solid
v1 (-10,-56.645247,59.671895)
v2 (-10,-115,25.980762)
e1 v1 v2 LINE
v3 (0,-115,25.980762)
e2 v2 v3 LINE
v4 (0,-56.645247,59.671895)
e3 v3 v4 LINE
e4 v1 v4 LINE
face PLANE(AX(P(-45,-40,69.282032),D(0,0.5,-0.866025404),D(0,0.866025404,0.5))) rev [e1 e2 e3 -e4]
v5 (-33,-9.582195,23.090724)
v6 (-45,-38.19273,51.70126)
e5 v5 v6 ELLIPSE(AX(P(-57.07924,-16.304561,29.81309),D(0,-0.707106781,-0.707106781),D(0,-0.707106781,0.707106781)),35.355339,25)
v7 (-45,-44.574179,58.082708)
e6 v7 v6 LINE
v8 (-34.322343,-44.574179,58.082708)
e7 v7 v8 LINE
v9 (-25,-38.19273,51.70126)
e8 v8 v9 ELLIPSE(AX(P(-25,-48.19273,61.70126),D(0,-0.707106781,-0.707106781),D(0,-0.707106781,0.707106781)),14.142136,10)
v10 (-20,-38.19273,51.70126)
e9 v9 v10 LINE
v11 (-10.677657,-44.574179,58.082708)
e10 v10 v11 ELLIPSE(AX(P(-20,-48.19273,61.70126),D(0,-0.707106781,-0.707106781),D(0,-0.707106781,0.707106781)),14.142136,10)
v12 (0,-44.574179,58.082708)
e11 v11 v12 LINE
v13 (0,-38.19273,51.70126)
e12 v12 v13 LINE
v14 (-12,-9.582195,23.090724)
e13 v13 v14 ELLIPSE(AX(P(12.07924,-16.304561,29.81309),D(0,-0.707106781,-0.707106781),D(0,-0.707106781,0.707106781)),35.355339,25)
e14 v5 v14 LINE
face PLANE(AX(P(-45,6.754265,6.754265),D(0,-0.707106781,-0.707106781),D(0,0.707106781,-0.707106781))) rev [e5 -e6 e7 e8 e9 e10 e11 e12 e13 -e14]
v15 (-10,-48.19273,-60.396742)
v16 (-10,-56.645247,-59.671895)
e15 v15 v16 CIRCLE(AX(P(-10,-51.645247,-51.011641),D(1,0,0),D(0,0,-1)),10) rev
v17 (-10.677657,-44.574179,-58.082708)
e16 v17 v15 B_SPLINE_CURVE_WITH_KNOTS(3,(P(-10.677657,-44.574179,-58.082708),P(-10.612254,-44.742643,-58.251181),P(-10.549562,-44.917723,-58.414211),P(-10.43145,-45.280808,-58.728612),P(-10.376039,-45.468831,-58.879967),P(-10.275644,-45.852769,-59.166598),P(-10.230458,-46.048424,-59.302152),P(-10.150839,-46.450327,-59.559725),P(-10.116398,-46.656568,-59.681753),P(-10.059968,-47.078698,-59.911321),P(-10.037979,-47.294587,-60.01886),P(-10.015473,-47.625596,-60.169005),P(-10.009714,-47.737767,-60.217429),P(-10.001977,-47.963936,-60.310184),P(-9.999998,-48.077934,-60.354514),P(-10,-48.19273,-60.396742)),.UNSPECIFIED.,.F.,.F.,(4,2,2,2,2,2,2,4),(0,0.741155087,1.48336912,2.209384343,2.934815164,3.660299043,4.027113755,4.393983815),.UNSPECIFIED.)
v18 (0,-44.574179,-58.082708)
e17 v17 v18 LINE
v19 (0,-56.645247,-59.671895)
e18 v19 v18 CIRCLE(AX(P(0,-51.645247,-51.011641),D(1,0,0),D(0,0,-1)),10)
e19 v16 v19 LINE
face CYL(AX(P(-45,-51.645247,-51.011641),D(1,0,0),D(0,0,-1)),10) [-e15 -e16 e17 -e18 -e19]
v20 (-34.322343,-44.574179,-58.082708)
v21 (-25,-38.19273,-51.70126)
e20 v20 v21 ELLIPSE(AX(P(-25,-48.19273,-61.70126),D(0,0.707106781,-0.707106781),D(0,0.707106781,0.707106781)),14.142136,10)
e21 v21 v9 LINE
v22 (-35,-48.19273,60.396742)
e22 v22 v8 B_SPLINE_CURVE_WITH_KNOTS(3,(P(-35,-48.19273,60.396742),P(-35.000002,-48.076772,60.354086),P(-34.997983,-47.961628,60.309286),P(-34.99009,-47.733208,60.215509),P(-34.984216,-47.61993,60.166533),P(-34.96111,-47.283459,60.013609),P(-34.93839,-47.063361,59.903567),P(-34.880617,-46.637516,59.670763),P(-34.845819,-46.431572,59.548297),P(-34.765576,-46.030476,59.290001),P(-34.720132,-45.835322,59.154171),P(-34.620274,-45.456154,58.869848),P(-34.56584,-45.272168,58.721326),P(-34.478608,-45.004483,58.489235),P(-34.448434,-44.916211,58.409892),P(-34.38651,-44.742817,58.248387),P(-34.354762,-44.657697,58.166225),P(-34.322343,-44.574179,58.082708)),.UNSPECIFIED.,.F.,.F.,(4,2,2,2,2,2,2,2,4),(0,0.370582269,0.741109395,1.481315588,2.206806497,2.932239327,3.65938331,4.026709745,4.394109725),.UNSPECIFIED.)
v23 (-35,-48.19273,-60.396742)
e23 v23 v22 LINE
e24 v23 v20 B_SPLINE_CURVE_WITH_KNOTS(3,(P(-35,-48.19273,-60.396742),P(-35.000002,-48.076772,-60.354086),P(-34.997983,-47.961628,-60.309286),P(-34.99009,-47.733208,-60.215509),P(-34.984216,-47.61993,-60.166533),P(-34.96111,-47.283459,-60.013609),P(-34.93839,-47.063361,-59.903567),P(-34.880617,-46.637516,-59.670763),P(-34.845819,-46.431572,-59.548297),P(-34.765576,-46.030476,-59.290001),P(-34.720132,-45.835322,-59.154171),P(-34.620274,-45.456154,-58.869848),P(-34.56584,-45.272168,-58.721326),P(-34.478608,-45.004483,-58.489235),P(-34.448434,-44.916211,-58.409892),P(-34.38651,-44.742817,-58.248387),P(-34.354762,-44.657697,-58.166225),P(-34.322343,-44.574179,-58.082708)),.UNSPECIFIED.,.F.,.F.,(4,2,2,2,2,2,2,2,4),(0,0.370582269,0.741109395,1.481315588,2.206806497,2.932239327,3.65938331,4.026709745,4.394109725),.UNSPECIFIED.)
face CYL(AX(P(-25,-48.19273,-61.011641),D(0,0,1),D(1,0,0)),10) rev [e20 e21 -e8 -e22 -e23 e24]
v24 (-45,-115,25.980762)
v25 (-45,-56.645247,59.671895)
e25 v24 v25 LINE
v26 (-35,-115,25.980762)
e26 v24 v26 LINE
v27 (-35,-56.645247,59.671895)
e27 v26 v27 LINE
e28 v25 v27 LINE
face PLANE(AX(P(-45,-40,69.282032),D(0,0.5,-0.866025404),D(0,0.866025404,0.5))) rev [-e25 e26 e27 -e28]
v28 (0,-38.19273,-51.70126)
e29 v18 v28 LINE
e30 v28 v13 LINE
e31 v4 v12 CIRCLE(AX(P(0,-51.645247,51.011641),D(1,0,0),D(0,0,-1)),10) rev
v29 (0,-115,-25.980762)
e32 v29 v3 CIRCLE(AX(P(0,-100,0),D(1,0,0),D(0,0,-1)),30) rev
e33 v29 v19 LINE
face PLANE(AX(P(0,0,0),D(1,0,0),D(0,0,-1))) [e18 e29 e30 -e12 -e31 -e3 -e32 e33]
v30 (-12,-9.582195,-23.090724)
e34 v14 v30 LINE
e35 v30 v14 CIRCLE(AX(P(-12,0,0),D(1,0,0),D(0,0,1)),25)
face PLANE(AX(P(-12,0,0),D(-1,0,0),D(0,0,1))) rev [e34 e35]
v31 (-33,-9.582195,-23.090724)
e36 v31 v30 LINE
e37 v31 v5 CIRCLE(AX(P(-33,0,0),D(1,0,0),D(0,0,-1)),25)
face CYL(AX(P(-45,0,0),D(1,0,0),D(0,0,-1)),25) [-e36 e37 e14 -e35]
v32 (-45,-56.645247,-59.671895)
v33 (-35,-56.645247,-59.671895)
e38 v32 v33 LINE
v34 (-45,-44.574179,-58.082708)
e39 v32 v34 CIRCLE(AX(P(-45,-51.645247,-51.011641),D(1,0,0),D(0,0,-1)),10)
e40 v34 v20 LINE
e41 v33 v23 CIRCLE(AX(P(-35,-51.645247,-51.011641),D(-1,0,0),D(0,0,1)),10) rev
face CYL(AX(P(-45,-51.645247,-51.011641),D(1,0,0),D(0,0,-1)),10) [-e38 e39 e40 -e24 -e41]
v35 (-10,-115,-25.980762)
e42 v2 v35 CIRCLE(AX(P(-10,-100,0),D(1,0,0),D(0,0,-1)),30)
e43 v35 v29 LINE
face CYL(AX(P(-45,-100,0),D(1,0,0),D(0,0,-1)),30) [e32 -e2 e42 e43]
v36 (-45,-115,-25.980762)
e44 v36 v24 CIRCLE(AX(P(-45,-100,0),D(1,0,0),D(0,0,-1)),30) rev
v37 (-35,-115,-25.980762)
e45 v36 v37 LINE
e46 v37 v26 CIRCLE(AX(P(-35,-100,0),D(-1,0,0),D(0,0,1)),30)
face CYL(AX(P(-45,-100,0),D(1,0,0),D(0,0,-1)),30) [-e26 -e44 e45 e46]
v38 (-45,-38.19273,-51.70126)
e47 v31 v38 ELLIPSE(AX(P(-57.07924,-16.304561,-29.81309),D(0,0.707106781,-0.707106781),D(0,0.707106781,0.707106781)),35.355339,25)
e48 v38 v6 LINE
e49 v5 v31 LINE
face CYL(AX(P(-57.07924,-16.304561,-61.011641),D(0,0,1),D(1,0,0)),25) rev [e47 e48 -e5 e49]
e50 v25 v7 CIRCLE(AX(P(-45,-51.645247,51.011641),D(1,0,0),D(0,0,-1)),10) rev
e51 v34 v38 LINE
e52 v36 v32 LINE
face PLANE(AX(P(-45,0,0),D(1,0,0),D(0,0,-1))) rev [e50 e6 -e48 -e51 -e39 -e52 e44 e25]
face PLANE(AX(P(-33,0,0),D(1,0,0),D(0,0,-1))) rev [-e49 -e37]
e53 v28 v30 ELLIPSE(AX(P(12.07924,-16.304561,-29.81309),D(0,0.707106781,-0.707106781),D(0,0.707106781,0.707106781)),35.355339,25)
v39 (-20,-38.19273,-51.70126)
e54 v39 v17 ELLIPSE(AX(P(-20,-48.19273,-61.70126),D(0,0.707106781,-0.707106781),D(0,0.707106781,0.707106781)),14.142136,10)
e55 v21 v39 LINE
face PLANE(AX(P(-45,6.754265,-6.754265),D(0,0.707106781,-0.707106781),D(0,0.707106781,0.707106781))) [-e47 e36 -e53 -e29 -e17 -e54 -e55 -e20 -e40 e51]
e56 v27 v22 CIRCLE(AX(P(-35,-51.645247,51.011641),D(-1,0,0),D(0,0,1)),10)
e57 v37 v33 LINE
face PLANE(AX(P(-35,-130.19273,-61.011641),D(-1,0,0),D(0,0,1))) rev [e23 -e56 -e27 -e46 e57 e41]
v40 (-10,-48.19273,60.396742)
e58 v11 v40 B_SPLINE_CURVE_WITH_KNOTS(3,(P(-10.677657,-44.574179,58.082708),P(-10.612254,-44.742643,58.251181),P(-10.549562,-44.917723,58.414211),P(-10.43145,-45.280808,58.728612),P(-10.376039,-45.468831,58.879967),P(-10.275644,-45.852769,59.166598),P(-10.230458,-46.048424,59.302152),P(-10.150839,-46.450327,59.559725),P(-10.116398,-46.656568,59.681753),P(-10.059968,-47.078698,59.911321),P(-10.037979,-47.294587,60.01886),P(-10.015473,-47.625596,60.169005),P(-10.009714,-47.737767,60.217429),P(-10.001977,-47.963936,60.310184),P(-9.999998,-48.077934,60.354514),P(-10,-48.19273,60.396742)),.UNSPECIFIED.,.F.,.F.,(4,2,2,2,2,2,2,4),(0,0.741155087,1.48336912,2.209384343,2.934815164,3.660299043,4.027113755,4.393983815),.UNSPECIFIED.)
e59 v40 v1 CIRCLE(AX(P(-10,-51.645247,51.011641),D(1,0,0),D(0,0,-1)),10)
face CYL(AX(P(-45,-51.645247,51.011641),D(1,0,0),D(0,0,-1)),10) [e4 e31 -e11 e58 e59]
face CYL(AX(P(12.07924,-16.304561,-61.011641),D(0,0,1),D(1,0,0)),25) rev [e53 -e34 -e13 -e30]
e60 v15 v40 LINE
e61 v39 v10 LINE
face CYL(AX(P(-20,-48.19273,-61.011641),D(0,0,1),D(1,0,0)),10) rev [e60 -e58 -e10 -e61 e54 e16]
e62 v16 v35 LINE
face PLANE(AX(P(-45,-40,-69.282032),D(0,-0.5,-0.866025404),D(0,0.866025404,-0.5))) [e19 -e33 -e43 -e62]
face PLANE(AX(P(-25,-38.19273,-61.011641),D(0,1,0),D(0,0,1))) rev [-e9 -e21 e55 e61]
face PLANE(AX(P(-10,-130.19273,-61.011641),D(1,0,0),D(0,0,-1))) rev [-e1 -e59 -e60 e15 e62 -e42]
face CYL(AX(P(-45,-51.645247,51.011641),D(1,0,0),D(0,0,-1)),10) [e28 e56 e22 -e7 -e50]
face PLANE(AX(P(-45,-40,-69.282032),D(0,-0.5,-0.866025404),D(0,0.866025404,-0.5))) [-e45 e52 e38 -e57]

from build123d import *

# Parameters (mm, degrees)
BOSS_EXTRUDE2_DEPTH     = 45
CUT_EXTRUDE2_DEPTH      = 12
CUT_EXTRUDE4_START      = -33
CUT_EXTRUDE4_DEPTH      = 12
CUT_EXTRUDE5_DEPTH      = 182.957313627
CUT_EXTRUDE7_DEPTH      = 182.957313627
CUT_EXTRUDE7_DEPTH_BACK = 182.957313627


with BuildPart() as part:
    # Sketch1 → Boss-Extrude2 (new body)
    with BuildSketch(Plane(origin=(0, 0, 0), x_dir=(0, 0, -1), z_dir=(1, 0, 0))):
        with BuildLine():
            Line((-59.671894671, -56.645246646), (-25.980762114, -115))
            ThreePointArc((-25.980762114, -115), (0, -130), (25.980762114, -115))
            Line((25.980762114, -115), (59.671894671, -56.645246646))
            ThreePointArc((59.671894671, -56.645246646), (60.926089247, -50.339984724), (58.082708445, -44.574178834))
            Line((58.082708445, -44.574178834), (51.508529611, -38))
            Line((51.508529611, -38), (-51.508529611, -38))
            Line((-51.508529611, -38), (-58.082708445, -44.574178834))
            ThreePointArc((-58.082708445, -44.574178834), (-60.926089247, -50.339984724), (-59.671894671, -56.645246646))
        make_face()
        with BuildLine():
            Line((-23.090724242, -9.582194632), (-51.508529611, -38))
            Line((-51.508529611, -38), (51.508529611, -38))
            Line((51.508529611, -38), (23.090724242, -9.582194632))
            ThreePointArc((23.090724242, -9.582194632), (0, 25), (-23.090724242, -9.582194632))
        make_face()
    extrude(amount=-BOSS_EXTRUDE2_DEPTH)

    # Sketch3 → Cut-Extrude2 (cut)
    with BuildSketch(Plane(origin=(0, 0, 0), x_dir=(0, 0, -1), z_dir=(1, 0, 0))):
        with BuildLine():
            Line((-23.090724242, -9.582194632), (23.090724242, -9.582194632))
            ThreePointArc((23.090724242, -9.582194632), (0, 25), (-23.090724242, -9.582194632))
        make_face()
    extrude(amount=-CUT_EXTRUDE2_DEPTH, mode=Mode.SUBTRACT)

    # Sketch4 → Cut-Extrude4 (cut)
    with BuildSketch(Plane(origin=(0, 0, 0), x_dir=(0, 0, -1), z_dir=(1, 0, 0)).offset(CUT_EXTRUDE4_START)):
        with BuildLine():
            Line((-23.090724242, -9.582194632), (23.090724242, -9.582194632))
            ThreePointArc((23.090724242, -9.582194632), (0, 25), (-23.090724242, -9.582194632))
        make_face()
    extrude(amount=-CUT_EXTRUDE4_DEPTH, mode=Mode.SUBTRACT)

    # Sketch11 → Cut-Extrude5 (cut, through all)
    with BuildSketch(Plane.XY.offset(58.082708445)):
        with BuildLine():
            Line((-12, -9.582194632), (0, -9.582194632))
            Line((0, -9.582194632), (0, -38.192729996))
            ThreePointArc((0, -38.192729996), (-10.975035155, -25.97412099), (-12, -9.582194632))
        make_face()
        with BuildLine():
            Line((-45, -9.582194632), (-33, -9.582194632))
            ThreePointArc((-33, -9.582194632), (-34.024964845, -25.97412099), (-45, -38.192729996))
            Line((-45, -38.192729996), (-45, -9.582194632))
        make_face()
    extrude(amount=-CUT_EXTRUDE5_DEPTH, mode=Mode.SUBTRACT)

    # Sketch12 → Cut-Extrude7 (cut, two sides: drawn at the far end of the back side and taken through both)
    with BuildSketch(Plane.XY.offset(58.082708445).offset(-CUT_EXTRUDE7_DEPTH_BACK)):
        with BuildLine():
            Line((-35, -130.192729996), (-10, -130.192729996))
            Line((-10, -130.192729996), (-10, -48.192729996))
            ThreePointArc((-10, -48.192729996), (-12.928932188, -41.121662184), (-20, -38.192729996))
            Line((-20, -38.192729996), (-25, -38.192729996))
            ThreePointArc((-25, -38.192729996), (-32.071067812, -41.121662184), (-35, -48.192729996))
            Line((-35, -48.192729996), (-35, -130.192729996))
        make_face()
    extrude(amount=CUT_EXTRUDE7_DEPTH + CUT_EXTRUDE7_DEPTH_BACK, mode=Mode.SUBTRACT)


solid = part.part
